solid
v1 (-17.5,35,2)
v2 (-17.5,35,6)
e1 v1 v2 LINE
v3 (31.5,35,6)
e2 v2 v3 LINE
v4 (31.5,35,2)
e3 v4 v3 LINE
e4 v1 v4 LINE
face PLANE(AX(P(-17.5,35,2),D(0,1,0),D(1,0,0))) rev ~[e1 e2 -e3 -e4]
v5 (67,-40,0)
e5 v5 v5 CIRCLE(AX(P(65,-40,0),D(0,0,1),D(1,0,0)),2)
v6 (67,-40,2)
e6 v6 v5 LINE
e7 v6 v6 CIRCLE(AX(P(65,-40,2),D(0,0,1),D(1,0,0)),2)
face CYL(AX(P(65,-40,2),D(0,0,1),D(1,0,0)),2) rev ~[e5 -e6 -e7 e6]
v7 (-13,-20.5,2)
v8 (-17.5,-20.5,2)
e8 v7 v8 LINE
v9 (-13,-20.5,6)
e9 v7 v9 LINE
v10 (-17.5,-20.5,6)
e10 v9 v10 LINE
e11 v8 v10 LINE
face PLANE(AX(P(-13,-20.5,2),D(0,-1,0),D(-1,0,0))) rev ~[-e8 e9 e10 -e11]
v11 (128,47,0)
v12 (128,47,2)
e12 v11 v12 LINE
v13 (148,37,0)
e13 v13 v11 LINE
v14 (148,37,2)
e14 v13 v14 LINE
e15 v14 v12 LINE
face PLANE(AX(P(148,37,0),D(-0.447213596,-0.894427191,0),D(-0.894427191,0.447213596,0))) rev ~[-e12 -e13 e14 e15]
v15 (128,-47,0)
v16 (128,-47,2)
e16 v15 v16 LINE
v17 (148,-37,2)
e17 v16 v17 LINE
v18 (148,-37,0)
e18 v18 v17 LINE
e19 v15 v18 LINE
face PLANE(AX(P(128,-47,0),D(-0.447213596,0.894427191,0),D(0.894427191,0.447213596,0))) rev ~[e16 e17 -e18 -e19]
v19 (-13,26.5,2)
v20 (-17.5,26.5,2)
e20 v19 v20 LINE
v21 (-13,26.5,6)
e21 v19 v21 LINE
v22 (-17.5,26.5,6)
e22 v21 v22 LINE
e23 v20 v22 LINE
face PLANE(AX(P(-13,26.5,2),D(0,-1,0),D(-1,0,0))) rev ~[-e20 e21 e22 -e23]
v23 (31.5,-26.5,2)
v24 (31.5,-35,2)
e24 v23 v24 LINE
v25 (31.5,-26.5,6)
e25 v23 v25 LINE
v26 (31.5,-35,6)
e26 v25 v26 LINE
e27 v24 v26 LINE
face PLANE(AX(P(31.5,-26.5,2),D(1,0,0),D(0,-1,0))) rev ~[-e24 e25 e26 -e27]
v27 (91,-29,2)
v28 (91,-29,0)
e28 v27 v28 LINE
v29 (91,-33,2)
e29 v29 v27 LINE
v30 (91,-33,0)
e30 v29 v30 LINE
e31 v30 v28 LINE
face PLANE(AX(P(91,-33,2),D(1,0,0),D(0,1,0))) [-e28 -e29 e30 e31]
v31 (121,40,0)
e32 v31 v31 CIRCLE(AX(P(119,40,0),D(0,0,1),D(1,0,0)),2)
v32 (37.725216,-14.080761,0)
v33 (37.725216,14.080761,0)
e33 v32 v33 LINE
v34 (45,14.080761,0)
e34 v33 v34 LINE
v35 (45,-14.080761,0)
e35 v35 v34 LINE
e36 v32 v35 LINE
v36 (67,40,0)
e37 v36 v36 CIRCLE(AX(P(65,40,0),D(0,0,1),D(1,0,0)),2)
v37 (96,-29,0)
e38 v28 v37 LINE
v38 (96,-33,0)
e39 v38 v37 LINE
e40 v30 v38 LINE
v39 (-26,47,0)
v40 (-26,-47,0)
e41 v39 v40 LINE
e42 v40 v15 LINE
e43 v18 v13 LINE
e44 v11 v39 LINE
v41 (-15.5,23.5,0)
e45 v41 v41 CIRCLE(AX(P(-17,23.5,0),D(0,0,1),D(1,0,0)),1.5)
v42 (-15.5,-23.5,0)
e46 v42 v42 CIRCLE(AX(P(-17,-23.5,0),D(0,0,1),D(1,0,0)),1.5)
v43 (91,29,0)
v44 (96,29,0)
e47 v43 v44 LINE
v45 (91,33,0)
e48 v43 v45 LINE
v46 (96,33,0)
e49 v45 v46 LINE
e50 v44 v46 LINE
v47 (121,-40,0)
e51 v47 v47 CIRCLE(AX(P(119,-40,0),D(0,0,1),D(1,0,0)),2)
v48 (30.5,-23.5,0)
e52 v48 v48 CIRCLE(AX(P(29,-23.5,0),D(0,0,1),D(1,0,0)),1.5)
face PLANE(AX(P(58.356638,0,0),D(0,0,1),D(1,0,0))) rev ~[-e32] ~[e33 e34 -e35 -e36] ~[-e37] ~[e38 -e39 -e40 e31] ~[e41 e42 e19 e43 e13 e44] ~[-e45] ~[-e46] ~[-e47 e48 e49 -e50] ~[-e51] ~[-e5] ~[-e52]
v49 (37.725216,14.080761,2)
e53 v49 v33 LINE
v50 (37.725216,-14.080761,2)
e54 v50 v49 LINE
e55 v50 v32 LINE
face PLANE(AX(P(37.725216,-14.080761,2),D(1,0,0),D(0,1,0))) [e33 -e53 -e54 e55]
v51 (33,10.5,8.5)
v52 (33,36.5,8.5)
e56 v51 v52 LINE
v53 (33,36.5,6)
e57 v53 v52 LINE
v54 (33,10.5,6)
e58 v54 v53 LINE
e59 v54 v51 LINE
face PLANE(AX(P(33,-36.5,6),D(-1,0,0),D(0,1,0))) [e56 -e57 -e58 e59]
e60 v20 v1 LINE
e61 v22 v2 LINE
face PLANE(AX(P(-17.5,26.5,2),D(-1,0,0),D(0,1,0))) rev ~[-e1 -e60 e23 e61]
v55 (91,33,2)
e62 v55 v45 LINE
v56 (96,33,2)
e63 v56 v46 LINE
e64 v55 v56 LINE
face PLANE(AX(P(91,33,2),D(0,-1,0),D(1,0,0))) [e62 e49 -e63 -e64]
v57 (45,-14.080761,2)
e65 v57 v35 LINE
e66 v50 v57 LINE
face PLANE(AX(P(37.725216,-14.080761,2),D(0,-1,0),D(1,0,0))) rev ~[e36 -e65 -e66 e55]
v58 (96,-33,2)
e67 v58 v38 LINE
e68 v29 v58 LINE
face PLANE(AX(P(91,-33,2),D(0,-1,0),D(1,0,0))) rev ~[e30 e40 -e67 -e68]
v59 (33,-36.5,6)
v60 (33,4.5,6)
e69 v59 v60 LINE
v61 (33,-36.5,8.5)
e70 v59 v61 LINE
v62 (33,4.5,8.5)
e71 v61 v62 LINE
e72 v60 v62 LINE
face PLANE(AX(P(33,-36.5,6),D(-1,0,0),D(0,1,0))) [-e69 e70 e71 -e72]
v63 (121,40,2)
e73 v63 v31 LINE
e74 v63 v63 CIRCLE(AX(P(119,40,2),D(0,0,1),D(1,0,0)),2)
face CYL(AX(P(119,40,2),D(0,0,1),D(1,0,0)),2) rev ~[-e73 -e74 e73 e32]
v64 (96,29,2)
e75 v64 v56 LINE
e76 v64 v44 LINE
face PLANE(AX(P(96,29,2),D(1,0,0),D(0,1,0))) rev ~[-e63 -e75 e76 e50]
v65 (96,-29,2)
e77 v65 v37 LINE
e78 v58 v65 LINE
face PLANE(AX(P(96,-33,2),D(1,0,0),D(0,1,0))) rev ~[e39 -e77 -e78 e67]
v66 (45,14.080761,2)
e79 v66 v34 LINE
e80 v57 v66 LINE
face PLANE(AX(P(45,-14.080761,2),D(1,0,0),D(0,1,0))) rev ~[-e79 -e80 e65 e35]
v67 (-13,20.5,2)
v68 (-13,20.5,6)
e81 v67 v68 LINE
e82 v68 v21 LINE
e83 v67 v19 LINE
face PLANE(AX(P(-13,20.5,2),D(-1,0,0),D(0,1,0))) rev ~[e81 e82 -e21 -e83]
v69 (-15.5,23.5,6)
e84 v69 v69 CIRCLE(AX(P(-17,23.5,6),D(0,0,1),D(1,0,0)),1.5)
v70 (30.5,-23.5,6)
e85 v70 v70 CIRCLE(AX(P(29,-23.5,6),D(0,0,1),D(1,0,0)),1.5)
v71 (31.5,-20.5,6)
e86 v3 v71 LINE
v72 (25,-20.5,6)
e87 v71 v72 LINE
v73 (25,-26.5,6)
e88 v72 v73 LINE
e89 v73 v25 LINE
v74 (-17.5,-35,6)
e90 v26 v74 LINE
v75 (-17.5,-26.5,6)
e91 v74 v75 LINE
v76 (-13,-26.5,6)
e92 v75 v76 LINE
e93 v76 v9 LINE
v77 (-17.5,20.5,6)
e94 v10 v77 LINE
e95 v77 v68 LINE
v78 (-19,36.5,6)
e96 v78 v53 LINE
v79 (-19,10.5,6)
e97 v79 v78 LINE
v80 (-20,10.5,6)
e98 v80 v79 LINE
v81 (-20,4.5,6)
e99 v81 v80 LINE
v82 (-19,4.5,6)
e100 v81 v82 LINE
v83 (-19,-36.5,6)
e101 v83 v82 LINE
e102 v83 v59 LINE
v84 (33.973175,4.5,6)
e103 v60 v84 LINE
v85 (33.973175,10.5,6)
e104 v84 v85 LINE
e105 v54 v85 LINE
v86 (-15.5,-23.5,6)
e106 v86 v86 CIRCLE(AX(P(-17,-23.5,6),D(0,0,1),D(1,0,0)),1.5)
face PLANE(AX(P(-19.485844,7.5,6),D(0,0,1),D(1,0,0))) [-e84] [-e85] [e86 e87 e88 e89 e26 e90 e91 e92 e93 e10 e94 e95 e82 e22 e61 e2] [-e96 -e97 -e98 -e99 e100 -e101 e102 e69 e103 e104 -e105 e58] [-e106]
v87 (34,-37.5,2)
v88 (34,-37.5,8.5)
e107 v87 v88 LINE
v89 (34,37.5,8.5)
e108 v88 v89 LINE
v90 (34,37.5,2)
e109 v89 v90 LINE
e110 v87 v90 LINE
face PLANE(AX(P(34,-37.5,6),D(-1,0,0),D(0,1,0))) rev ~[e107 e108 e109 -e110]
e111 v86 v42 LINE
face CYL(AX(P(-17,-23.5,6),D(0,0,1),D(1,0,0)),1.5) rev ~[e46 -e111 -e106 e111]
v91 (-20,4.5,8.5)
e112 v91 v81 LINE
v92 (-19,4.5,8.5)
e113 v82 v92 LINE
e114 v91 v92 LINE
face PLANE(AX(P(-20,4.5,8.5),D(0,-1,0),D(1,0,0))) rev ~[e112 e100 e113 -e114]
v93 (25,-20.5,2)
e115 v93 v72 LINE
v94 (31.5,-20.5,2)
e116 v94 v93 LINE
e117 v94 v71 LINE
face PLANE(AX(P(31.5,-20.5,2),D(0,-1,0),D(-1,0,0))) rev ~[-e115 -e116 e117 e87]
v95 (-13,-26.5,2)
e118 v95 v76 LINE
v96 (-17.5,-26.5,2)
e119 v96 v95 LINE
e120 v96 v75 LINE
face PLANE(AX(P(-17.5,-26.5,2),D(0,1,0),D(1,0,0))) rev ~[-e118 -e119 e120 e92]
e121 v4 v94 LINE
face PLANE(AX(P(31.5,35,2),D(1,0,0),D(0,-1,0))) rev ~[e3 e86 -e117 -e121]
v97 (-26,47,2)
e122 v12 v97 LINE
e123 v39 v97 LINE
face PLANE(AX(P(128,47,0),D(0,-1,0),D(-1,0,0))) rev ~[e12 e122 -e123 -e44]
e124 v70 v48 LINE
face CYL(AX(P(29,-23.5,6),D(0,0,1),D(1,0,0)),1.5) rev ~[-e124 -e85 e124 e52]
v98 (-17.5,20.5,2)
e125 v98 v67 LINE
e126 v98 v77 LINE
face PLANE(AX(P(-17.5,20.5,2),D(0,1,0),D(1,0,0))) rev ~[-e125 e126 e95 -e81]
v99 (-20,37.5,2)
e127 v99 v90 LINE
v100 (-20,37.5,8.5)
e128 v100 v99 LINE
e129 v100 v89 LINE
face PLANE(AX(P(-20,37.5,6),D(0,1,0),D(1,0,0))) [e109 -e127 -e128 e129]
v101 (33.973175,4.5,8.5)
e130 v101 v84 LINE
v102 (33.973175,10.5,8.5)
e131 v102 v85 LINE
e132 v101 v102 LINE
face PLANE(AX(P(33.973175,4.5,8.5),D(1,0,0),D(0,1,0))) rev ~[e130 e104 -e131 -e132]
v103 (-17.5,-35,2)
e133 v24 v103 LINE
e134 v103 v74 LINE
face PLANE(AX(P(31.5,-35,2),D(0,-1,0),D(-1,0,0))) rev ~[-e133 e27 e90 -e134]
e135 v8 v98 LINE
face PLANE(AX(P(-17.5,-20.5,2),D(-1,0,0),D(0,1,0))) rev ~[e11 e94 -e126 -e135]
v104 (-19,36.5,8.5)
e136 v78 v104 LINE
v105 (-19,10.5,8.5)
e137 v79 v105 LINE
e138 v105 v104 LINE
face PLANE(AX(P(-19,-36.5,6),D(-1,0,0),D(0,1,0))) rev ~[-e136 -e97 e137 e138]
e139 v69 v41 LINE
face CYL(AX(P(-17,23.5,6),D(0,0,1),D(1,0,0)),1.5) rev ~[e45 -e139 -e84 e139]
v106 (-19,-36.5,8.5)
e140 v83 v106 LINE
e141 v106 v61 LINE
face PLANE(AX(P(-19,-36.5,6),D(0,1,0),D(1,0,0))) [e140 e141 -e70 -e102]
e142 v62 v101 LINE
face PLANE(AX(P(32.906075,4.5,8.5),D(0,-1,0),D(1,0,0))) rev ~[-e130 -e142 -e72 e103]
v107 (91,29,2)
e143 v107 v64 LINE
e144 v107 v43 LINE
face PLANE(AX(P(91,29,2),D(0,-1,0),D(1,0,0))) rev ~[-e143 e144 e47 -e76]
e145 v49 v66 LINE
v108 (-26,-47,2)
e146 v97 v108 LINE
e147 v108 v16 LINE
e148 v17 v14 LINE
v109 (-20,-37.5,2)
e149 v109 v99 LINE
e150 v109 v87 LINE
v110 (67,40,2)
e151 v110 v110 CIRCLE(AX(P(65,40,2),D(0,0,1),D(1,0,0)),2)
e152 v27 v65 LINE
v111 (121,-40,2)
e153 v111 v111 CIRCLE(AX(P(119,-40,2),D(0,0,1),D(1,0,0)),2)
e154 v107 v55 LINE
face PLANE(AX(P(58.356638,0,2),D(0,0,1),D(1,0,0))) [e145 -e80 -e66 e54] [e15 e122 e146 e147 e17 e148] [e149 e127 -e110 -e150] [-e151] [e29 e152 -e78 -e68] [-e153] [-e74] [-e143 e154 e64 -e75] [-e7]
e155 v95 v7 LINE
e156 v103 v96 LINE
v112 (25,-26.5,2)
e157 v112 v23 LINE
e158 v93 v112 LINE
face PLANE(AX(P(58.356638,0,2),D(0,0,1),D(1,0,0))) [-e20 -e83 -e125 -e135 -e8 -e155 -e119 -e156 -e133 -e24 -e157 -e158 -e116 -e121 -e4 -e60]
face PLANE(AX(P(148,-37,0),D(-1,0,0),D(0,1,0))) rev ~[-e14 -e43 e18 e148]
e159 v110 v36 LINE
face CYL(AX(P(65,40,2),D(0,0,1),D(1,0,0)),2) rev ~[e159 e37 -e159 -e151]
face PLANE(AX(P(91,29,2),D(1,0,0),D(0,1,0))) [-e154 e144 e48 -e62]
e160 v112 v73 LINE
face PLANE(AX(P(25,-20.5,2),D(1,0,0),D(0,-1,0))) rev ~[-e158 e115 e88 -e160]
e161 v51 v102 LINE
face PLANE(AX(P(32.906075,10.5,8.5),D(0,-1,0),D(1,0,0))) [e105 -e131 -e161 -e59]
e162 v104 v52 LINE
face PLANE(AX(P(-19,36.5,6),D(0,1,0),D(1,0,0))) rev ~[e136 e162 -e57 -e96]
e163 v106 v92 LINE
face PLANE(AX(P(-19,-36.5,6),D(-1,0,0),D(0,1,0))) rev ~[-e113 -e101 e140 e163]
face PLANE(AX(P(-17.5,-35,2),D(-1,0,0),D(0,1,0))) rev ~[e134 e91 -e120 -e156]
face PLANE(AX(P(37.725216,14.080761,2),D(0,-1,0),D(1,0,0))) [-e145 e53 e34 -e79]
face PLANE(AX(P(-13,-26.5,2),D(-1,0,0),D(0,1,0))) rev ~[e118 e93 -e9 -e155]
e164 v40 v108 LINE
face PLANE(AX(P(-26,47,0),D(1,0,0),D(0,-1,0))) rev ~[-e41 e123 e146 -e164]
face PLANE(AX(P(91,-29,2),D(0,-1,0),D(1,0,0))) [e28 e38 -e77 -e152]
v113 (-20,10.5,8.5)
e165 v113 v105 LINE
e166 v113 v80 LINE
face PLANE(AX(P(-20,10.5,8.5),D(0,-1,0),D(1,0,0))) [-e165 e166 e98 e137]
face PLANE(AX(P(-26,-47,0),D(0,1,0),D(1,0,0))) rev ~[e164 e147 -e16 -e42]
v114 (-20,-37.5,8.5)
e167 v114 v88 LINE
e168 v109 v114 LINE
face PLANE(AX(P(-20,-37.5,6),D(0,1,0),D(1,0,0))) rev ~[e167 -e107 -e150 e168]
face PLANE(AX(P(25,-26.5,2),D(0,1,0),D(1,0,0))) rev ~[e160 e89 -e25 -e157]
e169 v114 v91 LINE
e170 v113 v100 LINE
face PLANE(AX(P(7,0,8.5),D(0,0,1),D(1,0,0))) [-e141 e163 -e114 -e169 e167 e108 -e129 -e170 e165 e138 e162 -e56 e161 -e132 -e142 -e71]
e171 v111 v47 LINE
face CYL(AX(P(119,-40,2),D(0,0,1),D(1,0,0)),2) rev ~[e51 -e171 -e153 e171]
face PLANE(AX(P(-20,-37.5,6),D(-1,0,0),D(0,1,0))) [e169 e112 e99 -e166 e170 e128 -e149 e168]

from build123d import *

# Parameters (mm, degrees)
PAD_DEPTH       = 2
SKETCH001_W     = 54
SKETCH001_H     = 75
PAD001_DEPTH    = 4
SKETCH002_W     = 54
SKETCH002_H     = 75
SKETCH002_W_2   = 52
SKETCH002_H_2   = 73
PAD002_DEPTH    = 2.5
SKETCH003_R     = 1.5
POCKET_DEPTH    = 6.001
SKETCH004_W     = 1.028311
SKETCH004_H     = 6
SKETCH004_W_2   = 1.0671
POCKET001_DEPTH = 2.5
SKETCH005_W     = 5
SKETCH005_H     = 4
POCKET002_DEPTH = 2.001
SKETCH006_R     = 2
POCKET003_DEPTH = 2.001
SKETCH007_W     = 7.274784
SKETCH007_H     = 28.1615223689
POCKET004_DEPTH = 5


with BuildPart() as part:
    # Sketch → Pad (new body)
    with BuildSketch(Plane.XY):
        Polygon((-26, 47), (-26, -47), (128, -47), (148, -37), (148, 37), (128, 47), align=None)
    extrude(amount=PAD_DEPTH)

    # Sketch001 → Pad001 (new body)
    with BuildSketch(Plane.XY.offset(2)):
        with Locations((7, 0)):
            Rectangle(SKETCH001_W, SKETCH001_H)
        Polygon((-17.5, 35), (31.5, 35), (31.5, -20.5), (25, -20.5), (25, -26.5), (31.5, -26.5), (31.5, -35), (-17.5, -35), (-17.5, -26.5), (-13, -26.5), (-13, -20.5), (-17.5, -20.5), (-17.5, 20.5), (-13, 20.5), (-13, 26.5), (-17.5, 26.5), align=None, mode=Mode.SUBTRACT)
    extrude(amount=PAD001_DEPTH)

    # Sketch002 → Pad002 (new body)
    with BuildSketch(Plane.XY.offset(6)):
        with Locations((7, 0)):
            Rectangle(SKETCH002_W, SKETCH002_H)
        with Locations((7, 0)):
            Rectangle(SKETCH002_W_2, SKETCH002_H_2, mode=Mode.SUBTRACT)
    extrude(amount=PAD002_DEPTH)

    # Sketch003 → Pocket (cut, through all)
    with BuildSketch(Plane.XY.offset(6)):
        with Locations((-17, 23.5)):
            Circle(SKETCH003_R)
        with Locations((-17, -23.5)):
            Circle(SKETCH003_R)
        with Locations((29, -23.5)):
            Circle(SKETCH003_R)
    extrude(amount=-POCKET_DEPTH, mode=Mode.SUBTRACT)

    # Sketch004 → Pocket001 (cut)
    with BuildSketch(Plane.XY.offset(8.5)):
        with Locations((-19.4858445, 7.5)):
            Rectangle(SKETCH004_W, SKETCH004_H)
        with Locations((33.439625, 7.5)):
            Rectangle(SKETCH004_W_2, SKETCH004_H)
    extrude(amount=-POCKET001_DEPTH, mode=Mode.SUBTRACT)

    # Sketch005 → Pocket002 (cut, through all)
    with BuildSketch(Plane.XY.offset(2)):
        with Locations((93.5, 31)):
            Rectangle(SKETCH005_W, SKETCH005_H)
        with Locations((93.5, -31)):
            Rectangle(SKETCH005_W, SKETCH005_H)
    extrude(amount=-POCKET002_DEPTH, mode=Mode.SUBTRACT)

    # Sketch006 → Pocket003 (cut, through all)
    with BuildSketch(Plane.XY.offset(2)):
        with Locations((119, 40)):
            Circle(SKETCH006_R)
        with Locations((65, 40)):
            Circle(SKETCH006_R)
        with Locations((119, -40)):
            Circle(SKETCH006_R)
        with Locations((65, -40)):
            Circle(SKETCH006_R)
    extrude(amount=-POCKET003_DEPTH, mode=Mode.SUBTRACT)

    # Sketch007 → Pocket004 (cut)
    with BuildSketch(Plane.XY.offset(2)):
        with Locations((41.362608, 0)):
            Rectangle(SKETCH007_W, SKETCH007_H)
    extrude(amount=-POCKET004_DEPTH, mode=Mode.SUBTRACT)


solid = part.part
